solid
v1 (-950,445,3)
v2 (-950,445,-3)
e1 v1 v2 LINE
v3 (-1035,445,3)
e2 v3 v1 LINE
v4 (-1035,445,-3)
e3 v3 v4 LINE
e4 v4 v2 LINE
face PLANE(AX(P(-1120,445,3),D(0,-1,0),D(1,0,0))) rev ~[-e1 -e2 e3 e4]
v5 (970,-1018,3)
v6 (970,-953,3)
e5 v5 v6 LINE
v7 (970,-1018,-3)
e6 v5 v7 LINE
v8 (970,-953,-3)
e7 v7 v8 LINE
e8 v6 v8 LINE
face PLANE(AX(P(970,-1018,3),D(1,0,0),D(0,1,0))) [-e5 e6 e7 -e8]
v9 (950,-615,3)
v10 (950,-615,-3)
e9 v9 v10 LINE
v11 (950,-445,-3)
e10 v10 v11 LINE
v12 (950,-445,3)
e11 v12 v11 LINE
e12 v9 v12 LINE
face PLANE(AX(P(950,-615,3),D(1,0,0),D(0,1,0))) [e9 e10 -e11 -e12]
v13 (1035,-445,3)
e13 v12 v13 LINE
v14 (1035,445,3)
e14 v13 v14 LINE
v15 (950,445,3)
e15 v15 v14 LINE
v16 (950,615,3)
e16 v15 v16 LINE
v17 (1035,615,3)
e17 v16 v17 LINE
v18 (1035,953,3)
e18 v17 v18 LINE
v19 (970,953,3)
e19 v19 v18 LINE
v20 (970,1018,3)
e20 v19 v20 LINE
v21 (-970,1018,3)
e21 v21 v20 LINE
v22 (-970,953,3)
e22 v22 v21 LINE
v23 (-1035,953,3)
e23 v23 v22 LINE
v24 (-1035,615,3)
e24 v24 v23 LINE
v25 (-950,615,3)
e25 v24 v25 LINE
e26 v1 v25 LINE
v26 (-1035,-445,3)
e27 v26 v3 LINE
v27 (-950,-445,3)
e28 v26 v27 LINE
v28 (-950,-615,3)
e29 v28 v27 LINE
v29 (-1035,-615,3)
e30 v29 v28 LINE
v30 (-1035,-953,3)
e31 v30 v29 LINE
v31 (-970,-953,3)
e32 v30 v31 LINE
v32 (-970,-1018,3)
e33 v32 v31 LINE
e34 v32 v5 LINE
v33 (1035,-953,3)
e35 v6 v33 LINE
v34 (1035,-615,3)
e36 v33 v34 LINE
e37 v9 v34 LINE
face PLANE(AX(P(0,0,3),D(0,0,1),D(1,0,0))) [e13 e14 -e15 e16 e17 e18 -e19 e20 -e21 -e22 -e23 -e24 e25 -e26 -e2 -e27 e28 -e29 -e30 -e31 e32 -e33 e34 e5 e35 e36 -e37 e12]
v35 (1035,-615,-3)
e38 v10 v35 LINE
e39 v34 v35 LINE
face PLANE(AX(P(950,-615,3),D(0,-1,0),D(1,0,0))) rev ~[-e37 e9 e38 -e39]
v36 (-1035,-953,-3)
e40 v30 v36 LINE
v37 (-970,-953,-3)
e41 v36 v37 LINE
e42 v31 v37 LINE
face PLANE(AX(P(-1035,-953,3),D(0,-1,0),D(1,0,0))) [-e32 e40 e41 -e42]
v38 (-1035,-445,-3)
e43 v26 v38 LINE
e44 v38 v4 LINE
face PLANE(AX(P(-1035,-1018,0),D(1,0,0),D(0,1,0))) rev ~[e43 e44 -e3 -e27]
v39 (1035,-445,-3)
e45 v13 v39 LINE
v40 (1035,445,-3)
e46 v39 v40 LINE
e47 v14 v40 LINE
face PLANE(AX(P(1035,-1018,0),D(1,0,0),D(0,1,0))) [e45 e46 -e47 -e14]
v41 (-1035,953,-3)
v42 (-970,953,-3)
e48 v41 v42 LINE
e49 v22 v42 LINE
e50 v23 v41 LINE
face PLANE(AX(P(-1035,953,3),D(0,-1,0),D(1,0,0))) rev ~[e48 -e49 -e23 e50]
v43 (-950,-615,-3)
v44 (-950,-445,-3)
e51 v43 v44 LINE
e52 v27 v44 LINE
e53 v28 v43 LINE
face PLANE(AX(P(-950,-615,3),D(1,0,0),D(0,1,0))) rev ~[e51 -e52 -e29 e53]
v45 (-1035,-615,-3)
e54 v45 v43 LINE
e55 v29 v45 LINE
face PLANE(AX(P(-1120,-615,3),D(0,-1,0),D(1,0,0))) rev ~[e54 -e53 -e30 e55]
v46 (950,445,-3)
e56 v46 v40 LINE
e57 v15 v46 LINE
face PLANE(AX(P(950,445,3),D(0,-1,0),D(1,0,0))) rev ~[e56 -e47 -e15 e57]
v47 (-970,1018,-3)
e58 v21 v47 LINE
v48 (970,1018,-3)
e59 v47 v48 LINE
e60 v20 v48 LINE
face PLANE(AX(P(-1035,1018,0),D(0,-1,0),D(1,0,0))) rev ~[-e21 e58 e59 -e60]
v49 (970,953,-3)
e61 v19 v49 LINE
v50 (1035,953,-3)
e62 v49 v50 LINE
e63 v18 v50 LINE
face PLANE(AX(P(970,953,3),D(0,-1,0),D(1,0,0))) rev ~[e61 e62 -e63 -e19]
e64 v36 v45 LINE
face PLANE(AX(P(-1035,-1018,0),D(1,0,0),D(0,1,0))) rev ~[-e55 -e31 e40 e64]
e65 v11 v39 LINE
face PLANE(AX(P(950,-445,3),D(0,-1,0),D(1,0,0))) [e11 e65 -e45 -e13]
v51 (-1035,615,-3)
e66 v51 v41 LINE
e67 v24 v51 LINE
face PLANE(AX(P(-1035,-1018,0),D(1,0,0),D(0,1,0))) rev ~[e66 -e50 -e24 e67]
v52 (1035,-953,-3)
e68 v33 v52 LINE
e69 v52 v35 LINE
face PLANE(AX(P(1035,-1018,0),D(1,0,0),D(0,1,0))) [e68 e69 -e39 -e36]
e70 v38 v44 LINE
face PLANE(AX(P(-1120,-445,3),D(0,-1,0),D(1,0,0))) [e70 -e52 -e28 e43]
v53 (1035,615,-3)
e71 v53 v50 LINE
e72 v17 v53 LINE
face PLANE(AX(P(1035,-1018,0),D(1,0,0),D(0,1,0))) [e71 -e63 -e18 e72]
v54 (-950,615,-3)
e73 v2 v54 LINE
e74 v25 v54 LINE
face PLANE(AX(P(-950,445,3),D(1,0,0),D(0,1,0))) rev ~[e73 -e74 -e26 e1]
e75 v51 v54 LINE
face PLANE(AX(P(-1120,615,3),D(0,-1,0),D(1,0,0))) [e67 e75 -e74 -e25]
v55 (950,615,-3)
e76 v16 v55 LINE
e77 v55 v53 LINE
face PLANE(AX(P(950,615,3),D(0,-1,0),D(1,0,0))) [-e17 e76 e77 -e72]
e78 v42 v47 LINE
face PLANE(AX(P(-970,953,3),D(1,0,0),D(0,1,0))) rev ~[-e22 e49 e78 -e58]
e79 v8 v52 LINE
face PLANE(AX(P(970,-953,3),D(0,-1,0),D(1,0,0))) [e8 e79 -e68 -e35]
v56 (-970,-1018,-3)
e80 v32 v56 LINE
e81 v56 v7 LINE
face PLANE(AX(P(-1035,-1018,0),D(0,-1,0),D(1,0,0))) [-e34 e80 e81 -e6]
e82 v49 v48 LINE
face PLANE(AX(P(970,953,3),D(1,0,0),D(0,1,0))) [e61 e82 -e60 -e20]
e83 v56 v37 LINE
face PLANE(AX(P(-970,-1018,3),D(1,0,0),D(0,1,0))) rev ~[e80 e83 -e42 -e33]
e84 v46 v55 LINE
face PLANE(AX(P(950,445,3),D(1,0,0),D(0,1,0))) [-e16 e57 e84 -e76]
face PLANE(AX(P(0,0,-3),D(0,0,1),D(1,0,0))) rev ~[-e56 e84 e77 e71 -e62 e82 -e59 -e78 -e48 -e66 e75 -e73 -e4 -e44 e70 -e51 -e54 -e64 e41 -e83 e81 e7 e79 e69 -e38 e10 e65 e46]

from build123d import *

# Parameters (mm, degrees)
F0_W     = 2070
F0_H     = 2036
F1_DEPTH = 3
F2_W     = 65
F2_H     = 65
F2_W_2   = 170
F2_H_2   = 170
F3_DEPTH = 6.001


with BuildPart() as f1:
    # F0 (on Top) → F1 (new body, symmetric)
    with BuildSketch(Plane.XY):
        Rectangle(F0_W, F0_H)
    extrude(amount=F1_DEPTH, both=True)

    # F2 (on face) → F3 (cut, through all)
    with BuildSketch(Plane.XY.offset(3)):
        with Locations((-1002.5, 985.5)):
            Rectangle(F2_W, F2_H)
        with Locations((-1035, 530)):
            Rectangle(F2_W_2, F2_H_2)
        with Locations((-1002.5, -985.5)):
            Rectangle(F2_W, F2_H)
        with Locations((-1035, -530)):
            Rectangle(F2_W_2, F2_H_2)
        with Locations((1002.5, 985.5)):
            Rectangle(F2_W, F2_H)
        with Locations((1002.5, -985.5)):
            Rectangle(F2_W, F2_H)
        with Locations((1035, -530)):
            Rectangle(F2_W_2, F2_H_2)
        with Locations((1035, 530)):
            Rectangle(F2_W_2, F2_H_2)
    extrude(amount=-F3_DEPTH, mode=Mode.SUBTRACT)


solid = f1.part
